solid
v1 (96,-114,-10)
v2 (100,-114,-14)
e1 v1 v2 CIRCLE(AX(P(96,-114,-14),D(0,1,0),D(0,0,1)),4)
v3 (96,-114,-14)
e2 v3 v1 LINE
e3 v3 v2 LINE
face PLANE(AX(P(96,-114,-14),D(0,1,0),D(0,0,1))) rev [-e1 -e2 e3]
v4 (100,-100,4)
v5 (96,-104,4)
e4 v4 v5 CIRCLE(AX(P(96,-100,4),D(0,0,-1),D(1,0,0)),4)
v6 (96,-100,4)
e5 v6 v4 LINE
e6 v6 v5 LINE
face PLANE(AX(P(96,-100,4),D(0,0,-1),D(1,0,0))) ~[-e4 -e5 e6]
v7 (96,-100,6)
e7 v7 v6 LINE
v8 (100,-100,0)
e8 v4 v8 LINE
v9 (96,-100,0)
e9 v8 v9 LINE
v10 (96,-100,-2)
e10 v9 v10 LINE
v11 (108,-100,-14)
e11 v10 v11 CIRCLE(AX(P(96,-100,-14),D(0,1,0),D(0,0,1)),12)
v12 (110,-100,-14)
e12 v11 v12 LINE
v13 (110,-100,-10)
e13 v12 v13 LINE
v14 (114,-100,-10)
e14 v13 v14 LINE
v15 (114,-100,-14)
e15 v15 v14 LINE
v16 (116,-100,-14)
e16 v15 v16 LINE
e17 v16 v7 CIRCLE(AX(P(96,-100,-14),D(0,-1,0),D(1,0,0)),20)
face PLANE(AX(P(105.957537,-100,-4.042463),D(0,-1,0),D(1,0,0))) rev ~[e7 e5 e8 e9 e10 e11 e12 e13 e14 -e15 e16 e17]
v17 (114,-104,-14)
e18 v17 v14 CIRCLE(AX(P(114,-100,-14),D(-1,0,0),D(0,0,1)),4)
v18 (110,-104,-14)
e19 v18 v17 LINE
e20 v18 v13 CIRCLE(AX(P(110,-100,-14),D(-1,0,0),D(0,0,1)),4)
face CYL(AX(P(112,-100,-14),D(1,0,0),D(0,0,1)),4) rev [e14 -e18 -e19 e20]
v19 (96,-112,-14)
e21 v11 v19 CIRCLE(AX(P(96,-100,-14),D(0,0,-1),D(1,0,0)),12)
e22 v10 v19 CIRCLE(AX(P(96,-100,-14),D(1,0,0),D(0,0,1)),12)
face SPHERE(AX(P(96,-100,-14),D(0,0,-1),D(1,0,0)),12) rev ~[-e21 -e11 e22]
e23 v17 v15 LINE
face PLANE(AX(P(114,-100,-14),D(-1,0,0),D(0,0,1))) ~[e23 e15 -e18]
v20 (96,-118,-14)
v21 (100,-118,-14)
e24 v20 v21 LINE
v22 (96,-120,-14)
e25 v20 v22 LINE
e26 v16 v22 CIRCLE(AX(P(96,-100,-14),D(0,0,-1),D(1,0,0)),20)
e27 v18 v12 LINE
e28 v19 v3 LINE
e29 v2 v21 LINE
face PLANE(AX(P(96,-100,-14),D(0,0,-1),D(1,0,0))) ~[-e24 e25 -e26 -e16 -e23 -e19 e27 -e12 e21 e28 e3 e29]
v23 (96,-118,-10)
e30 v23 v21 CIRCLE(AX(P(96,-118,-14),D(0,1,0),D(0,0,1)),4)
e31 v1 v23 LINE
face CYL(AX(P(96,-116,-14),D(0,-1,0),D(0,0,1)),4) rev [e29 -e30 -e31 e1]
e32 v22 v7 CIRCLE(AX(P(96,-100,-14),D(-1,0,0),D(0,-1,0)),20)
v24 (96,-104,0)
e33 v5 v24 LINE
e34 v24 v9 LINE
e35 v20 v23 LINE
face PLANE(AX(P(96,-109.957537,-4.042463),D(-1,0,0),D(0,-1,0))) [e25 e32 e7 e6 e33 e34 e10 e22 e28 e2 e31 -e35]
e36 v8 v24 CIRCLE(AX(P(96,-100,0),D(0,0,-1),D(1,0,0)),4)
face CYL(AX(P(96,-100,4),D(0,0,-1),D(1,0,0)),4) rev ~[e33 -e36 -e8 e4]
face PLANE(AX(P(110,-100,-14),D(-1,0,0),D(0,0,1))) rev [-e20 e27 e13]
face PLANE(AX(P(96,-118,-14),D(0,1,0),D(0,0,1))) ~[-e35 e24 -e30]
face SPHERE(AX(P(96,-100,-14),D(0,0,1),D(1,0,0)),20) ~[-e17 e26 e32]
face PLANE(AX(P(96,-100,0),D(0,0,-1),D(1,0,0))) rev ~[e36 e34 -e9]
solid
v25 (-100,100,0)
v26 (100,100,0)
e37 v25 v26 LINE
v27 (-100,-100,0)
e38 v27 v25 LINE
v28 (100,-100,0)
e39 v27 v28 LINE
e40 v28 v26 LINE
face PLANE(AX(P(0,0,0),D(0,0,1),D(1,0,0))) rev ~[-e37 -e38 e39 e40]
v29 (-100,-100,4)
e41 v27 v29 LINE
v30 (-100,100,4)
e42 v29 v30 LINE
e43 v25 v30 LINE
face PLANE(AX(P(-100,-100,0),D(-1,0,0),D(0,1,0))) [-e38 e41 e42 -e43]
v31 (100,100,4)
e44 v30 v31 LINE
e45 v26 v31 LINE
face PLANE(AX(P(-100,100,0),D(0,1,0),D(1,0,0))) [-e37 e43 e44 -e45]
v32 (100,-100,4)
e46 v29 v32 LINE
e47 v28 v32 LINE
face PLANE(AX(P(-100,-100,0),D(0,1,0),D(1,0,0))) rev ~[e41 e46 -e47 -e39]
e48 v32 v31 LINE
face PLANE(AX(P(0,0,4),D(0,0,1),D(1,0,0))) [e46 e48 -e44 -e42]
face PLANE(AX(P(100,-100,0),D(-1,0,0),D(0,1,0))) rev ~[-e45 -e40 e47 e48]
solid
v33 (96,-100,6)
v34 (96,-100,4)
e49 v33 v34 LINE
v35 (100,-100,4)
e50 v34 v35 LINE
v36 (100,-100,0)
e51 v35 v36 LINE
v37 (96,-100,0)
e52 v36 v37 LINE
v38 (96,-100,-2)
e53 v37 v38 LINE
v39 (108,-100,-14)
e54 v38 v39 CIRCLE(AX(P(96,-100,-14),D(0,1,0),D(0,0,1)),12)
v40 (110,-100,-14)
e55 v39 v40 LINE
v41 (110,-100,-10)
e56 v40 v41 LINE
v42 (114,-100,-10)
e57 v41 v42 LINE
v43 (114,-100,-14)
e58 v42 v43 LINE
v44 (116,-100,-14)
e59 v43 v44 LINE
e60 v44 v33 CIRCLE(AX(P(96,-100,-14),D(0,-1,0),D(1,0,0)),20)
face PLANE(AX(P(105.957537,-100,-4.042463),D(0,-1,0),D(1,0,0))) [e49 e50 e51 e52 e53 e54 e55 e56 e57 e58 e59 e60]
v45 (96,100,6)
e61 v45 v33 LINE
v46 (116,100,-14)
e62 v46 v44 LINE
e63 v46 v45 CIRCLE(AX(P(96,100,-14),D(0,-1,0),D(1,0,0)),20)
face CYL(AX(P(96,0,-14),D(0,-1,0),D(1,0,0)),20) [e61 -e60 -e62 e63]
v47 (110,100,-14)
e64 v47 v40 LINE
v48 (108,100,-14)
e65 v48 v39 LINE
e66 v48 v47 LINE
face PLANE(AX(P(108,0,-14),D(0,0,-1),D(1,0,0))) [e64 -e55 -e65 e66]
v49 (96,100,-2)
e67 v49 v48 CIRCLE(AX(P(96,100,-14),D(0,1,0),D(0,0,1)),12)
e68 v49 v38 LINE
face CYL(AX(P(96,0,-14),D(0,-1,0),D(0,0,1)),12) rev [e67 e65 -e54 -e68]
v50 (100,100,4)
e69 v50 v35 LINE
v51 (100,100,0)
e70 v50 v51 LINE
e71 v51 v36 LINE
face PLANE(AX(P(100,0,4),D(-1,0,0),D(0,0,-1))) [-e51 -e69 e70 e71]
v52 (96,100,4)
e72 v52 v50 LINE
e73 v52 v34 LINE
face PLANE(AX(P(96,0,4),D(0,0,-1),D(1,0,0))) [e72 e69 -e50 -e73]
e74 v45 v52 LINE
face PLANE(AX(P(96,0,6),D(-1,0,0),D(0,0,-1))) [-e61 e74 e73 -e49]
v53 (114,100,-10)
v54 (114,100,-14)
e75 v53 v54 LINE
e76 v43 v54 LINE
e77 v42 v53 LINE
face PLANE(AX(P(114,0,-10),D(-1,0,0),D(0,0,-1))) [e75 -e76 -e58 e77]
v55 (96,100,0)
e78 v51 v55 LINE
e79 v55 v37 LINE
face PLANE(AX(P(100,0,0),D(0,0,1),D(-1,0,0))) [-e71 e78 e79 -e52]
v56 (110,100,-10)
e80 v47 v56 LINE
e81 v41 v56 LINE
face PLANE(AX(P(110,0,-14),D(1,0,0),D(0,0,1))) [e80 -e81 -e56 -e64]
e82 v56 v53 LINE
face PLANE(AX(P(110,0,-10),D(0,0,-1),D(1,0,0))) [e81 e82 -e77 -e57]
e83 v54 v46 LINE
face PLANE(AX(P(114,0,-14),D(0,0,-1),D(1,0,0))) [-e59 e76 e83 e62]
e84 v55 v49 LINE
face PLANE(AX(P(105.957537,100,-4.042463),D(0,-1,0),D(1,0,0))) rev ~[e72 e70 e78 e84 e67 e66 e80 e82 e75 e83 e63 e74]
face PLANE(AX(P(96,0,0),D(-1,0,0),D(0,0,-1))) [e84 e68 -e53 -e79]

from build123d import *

# Parameters (mm, degrees)
F0_W     = 200
F0_H     = 200
F1_DEPTH = 4
F3_DEPTH = 100
F4_W     = 4
F4_H     = 4
F5_ANGLE = 90
F6_W     = 4
F6_H     = 4
F8_W     = 4
F8_H     = 4


with BuildPart() as f1:
    # F0 (on Top) → F1 (new body)
    with BuildSketch(Plane.XY):
        Rectangle(F0_W, F0_H)
    extrude(amount=F1_DEPTH)


with BuildPart() as f3:
    # F2 (on Front) → F3 (new body, symmetric)
    with BuildSketch(Plane.XZ):
        with BuildLine():
            Line((114, -14), (116, -14))
            ThreePointArc((116, -14), (110.1421356237, 0.1421356237), (96, 6))
            Line((96, 6), (96, 4))
            Line((96, 4), (100, 4))
            Line((100, 4), (100, 0))
            Line((100, 0), (96, 0))
            Line((96, 0), (96, -2))
            ThreePointArc((96, -2), (104.4852813742, -5.5147186258), (108, -14))
            Line((108, -14), (110, -14))
            Line((110, -14), (110, -10))
            Line((110, -10), (114, -10))
            Line((114, -10), (114, -14))
        make_face()
    extrude(amount=F3_DEPTH, both=True)


with BuildPart() as f5:
    # F4 (on face) → F5 (revolve)
    with BuildSketch(Plane.XZ.offset(100)):
        with BuildLine():
            Line((114, -10), (114, -14))
            Line((114, -14), (116, -14))
            ThreePointArc((116, -14), (110.1421356237, 0.1421356237), (96, 6))
            Line((96, 6), (96, 4))
            Line((96, 4), (100, 4))
            Line((100, 4), (100, 0))
            Line((100, 0), (96, 0))
            Line((96, 0), (96, -2))
            ThreePointArc((96, -2), (104.4852813742, -5.5147186258), (108, -14))
            Line((108, -14), (110, -14))
            Line((110, -14), (110, -10))
            Line((110, -10), (114, -10))
        make_face()
        with Locations((112, -12)):
            Rectangle(F4_W, F4_H)
    revolve(axis=Axis((96, -100, 5), (0, 0, -1)), revolution_arc=F5_ANGLE)

    # F6 (on face) → F7 (revolve, cut)
    with BuildSketch(Plane(origin=(96, 0, 0), x_dir=(0, -1, 0), z_dir=(-1, 0, 0))):
        with Locations((116, -12)):
            Rectangle(F6_W, F6_H)
    revolve(axis=Axis((96, -113, -14), (0, 1, 0)), mode=Mode.SUBTRACT)

    # F8 (on face) → F9 (revolve, cut)
    with BuildSketch(Plane.XZ.offset(100)):
        with Locations((112, -12)):
            Rectangle(F8_W, F8_H)
    revolve(axis=Axis((109, -100, -14), (-1, 0, 0)), mode=Mode.SUBTRACT)


solid = Compound([f1.part, f3.part, f5.part])
